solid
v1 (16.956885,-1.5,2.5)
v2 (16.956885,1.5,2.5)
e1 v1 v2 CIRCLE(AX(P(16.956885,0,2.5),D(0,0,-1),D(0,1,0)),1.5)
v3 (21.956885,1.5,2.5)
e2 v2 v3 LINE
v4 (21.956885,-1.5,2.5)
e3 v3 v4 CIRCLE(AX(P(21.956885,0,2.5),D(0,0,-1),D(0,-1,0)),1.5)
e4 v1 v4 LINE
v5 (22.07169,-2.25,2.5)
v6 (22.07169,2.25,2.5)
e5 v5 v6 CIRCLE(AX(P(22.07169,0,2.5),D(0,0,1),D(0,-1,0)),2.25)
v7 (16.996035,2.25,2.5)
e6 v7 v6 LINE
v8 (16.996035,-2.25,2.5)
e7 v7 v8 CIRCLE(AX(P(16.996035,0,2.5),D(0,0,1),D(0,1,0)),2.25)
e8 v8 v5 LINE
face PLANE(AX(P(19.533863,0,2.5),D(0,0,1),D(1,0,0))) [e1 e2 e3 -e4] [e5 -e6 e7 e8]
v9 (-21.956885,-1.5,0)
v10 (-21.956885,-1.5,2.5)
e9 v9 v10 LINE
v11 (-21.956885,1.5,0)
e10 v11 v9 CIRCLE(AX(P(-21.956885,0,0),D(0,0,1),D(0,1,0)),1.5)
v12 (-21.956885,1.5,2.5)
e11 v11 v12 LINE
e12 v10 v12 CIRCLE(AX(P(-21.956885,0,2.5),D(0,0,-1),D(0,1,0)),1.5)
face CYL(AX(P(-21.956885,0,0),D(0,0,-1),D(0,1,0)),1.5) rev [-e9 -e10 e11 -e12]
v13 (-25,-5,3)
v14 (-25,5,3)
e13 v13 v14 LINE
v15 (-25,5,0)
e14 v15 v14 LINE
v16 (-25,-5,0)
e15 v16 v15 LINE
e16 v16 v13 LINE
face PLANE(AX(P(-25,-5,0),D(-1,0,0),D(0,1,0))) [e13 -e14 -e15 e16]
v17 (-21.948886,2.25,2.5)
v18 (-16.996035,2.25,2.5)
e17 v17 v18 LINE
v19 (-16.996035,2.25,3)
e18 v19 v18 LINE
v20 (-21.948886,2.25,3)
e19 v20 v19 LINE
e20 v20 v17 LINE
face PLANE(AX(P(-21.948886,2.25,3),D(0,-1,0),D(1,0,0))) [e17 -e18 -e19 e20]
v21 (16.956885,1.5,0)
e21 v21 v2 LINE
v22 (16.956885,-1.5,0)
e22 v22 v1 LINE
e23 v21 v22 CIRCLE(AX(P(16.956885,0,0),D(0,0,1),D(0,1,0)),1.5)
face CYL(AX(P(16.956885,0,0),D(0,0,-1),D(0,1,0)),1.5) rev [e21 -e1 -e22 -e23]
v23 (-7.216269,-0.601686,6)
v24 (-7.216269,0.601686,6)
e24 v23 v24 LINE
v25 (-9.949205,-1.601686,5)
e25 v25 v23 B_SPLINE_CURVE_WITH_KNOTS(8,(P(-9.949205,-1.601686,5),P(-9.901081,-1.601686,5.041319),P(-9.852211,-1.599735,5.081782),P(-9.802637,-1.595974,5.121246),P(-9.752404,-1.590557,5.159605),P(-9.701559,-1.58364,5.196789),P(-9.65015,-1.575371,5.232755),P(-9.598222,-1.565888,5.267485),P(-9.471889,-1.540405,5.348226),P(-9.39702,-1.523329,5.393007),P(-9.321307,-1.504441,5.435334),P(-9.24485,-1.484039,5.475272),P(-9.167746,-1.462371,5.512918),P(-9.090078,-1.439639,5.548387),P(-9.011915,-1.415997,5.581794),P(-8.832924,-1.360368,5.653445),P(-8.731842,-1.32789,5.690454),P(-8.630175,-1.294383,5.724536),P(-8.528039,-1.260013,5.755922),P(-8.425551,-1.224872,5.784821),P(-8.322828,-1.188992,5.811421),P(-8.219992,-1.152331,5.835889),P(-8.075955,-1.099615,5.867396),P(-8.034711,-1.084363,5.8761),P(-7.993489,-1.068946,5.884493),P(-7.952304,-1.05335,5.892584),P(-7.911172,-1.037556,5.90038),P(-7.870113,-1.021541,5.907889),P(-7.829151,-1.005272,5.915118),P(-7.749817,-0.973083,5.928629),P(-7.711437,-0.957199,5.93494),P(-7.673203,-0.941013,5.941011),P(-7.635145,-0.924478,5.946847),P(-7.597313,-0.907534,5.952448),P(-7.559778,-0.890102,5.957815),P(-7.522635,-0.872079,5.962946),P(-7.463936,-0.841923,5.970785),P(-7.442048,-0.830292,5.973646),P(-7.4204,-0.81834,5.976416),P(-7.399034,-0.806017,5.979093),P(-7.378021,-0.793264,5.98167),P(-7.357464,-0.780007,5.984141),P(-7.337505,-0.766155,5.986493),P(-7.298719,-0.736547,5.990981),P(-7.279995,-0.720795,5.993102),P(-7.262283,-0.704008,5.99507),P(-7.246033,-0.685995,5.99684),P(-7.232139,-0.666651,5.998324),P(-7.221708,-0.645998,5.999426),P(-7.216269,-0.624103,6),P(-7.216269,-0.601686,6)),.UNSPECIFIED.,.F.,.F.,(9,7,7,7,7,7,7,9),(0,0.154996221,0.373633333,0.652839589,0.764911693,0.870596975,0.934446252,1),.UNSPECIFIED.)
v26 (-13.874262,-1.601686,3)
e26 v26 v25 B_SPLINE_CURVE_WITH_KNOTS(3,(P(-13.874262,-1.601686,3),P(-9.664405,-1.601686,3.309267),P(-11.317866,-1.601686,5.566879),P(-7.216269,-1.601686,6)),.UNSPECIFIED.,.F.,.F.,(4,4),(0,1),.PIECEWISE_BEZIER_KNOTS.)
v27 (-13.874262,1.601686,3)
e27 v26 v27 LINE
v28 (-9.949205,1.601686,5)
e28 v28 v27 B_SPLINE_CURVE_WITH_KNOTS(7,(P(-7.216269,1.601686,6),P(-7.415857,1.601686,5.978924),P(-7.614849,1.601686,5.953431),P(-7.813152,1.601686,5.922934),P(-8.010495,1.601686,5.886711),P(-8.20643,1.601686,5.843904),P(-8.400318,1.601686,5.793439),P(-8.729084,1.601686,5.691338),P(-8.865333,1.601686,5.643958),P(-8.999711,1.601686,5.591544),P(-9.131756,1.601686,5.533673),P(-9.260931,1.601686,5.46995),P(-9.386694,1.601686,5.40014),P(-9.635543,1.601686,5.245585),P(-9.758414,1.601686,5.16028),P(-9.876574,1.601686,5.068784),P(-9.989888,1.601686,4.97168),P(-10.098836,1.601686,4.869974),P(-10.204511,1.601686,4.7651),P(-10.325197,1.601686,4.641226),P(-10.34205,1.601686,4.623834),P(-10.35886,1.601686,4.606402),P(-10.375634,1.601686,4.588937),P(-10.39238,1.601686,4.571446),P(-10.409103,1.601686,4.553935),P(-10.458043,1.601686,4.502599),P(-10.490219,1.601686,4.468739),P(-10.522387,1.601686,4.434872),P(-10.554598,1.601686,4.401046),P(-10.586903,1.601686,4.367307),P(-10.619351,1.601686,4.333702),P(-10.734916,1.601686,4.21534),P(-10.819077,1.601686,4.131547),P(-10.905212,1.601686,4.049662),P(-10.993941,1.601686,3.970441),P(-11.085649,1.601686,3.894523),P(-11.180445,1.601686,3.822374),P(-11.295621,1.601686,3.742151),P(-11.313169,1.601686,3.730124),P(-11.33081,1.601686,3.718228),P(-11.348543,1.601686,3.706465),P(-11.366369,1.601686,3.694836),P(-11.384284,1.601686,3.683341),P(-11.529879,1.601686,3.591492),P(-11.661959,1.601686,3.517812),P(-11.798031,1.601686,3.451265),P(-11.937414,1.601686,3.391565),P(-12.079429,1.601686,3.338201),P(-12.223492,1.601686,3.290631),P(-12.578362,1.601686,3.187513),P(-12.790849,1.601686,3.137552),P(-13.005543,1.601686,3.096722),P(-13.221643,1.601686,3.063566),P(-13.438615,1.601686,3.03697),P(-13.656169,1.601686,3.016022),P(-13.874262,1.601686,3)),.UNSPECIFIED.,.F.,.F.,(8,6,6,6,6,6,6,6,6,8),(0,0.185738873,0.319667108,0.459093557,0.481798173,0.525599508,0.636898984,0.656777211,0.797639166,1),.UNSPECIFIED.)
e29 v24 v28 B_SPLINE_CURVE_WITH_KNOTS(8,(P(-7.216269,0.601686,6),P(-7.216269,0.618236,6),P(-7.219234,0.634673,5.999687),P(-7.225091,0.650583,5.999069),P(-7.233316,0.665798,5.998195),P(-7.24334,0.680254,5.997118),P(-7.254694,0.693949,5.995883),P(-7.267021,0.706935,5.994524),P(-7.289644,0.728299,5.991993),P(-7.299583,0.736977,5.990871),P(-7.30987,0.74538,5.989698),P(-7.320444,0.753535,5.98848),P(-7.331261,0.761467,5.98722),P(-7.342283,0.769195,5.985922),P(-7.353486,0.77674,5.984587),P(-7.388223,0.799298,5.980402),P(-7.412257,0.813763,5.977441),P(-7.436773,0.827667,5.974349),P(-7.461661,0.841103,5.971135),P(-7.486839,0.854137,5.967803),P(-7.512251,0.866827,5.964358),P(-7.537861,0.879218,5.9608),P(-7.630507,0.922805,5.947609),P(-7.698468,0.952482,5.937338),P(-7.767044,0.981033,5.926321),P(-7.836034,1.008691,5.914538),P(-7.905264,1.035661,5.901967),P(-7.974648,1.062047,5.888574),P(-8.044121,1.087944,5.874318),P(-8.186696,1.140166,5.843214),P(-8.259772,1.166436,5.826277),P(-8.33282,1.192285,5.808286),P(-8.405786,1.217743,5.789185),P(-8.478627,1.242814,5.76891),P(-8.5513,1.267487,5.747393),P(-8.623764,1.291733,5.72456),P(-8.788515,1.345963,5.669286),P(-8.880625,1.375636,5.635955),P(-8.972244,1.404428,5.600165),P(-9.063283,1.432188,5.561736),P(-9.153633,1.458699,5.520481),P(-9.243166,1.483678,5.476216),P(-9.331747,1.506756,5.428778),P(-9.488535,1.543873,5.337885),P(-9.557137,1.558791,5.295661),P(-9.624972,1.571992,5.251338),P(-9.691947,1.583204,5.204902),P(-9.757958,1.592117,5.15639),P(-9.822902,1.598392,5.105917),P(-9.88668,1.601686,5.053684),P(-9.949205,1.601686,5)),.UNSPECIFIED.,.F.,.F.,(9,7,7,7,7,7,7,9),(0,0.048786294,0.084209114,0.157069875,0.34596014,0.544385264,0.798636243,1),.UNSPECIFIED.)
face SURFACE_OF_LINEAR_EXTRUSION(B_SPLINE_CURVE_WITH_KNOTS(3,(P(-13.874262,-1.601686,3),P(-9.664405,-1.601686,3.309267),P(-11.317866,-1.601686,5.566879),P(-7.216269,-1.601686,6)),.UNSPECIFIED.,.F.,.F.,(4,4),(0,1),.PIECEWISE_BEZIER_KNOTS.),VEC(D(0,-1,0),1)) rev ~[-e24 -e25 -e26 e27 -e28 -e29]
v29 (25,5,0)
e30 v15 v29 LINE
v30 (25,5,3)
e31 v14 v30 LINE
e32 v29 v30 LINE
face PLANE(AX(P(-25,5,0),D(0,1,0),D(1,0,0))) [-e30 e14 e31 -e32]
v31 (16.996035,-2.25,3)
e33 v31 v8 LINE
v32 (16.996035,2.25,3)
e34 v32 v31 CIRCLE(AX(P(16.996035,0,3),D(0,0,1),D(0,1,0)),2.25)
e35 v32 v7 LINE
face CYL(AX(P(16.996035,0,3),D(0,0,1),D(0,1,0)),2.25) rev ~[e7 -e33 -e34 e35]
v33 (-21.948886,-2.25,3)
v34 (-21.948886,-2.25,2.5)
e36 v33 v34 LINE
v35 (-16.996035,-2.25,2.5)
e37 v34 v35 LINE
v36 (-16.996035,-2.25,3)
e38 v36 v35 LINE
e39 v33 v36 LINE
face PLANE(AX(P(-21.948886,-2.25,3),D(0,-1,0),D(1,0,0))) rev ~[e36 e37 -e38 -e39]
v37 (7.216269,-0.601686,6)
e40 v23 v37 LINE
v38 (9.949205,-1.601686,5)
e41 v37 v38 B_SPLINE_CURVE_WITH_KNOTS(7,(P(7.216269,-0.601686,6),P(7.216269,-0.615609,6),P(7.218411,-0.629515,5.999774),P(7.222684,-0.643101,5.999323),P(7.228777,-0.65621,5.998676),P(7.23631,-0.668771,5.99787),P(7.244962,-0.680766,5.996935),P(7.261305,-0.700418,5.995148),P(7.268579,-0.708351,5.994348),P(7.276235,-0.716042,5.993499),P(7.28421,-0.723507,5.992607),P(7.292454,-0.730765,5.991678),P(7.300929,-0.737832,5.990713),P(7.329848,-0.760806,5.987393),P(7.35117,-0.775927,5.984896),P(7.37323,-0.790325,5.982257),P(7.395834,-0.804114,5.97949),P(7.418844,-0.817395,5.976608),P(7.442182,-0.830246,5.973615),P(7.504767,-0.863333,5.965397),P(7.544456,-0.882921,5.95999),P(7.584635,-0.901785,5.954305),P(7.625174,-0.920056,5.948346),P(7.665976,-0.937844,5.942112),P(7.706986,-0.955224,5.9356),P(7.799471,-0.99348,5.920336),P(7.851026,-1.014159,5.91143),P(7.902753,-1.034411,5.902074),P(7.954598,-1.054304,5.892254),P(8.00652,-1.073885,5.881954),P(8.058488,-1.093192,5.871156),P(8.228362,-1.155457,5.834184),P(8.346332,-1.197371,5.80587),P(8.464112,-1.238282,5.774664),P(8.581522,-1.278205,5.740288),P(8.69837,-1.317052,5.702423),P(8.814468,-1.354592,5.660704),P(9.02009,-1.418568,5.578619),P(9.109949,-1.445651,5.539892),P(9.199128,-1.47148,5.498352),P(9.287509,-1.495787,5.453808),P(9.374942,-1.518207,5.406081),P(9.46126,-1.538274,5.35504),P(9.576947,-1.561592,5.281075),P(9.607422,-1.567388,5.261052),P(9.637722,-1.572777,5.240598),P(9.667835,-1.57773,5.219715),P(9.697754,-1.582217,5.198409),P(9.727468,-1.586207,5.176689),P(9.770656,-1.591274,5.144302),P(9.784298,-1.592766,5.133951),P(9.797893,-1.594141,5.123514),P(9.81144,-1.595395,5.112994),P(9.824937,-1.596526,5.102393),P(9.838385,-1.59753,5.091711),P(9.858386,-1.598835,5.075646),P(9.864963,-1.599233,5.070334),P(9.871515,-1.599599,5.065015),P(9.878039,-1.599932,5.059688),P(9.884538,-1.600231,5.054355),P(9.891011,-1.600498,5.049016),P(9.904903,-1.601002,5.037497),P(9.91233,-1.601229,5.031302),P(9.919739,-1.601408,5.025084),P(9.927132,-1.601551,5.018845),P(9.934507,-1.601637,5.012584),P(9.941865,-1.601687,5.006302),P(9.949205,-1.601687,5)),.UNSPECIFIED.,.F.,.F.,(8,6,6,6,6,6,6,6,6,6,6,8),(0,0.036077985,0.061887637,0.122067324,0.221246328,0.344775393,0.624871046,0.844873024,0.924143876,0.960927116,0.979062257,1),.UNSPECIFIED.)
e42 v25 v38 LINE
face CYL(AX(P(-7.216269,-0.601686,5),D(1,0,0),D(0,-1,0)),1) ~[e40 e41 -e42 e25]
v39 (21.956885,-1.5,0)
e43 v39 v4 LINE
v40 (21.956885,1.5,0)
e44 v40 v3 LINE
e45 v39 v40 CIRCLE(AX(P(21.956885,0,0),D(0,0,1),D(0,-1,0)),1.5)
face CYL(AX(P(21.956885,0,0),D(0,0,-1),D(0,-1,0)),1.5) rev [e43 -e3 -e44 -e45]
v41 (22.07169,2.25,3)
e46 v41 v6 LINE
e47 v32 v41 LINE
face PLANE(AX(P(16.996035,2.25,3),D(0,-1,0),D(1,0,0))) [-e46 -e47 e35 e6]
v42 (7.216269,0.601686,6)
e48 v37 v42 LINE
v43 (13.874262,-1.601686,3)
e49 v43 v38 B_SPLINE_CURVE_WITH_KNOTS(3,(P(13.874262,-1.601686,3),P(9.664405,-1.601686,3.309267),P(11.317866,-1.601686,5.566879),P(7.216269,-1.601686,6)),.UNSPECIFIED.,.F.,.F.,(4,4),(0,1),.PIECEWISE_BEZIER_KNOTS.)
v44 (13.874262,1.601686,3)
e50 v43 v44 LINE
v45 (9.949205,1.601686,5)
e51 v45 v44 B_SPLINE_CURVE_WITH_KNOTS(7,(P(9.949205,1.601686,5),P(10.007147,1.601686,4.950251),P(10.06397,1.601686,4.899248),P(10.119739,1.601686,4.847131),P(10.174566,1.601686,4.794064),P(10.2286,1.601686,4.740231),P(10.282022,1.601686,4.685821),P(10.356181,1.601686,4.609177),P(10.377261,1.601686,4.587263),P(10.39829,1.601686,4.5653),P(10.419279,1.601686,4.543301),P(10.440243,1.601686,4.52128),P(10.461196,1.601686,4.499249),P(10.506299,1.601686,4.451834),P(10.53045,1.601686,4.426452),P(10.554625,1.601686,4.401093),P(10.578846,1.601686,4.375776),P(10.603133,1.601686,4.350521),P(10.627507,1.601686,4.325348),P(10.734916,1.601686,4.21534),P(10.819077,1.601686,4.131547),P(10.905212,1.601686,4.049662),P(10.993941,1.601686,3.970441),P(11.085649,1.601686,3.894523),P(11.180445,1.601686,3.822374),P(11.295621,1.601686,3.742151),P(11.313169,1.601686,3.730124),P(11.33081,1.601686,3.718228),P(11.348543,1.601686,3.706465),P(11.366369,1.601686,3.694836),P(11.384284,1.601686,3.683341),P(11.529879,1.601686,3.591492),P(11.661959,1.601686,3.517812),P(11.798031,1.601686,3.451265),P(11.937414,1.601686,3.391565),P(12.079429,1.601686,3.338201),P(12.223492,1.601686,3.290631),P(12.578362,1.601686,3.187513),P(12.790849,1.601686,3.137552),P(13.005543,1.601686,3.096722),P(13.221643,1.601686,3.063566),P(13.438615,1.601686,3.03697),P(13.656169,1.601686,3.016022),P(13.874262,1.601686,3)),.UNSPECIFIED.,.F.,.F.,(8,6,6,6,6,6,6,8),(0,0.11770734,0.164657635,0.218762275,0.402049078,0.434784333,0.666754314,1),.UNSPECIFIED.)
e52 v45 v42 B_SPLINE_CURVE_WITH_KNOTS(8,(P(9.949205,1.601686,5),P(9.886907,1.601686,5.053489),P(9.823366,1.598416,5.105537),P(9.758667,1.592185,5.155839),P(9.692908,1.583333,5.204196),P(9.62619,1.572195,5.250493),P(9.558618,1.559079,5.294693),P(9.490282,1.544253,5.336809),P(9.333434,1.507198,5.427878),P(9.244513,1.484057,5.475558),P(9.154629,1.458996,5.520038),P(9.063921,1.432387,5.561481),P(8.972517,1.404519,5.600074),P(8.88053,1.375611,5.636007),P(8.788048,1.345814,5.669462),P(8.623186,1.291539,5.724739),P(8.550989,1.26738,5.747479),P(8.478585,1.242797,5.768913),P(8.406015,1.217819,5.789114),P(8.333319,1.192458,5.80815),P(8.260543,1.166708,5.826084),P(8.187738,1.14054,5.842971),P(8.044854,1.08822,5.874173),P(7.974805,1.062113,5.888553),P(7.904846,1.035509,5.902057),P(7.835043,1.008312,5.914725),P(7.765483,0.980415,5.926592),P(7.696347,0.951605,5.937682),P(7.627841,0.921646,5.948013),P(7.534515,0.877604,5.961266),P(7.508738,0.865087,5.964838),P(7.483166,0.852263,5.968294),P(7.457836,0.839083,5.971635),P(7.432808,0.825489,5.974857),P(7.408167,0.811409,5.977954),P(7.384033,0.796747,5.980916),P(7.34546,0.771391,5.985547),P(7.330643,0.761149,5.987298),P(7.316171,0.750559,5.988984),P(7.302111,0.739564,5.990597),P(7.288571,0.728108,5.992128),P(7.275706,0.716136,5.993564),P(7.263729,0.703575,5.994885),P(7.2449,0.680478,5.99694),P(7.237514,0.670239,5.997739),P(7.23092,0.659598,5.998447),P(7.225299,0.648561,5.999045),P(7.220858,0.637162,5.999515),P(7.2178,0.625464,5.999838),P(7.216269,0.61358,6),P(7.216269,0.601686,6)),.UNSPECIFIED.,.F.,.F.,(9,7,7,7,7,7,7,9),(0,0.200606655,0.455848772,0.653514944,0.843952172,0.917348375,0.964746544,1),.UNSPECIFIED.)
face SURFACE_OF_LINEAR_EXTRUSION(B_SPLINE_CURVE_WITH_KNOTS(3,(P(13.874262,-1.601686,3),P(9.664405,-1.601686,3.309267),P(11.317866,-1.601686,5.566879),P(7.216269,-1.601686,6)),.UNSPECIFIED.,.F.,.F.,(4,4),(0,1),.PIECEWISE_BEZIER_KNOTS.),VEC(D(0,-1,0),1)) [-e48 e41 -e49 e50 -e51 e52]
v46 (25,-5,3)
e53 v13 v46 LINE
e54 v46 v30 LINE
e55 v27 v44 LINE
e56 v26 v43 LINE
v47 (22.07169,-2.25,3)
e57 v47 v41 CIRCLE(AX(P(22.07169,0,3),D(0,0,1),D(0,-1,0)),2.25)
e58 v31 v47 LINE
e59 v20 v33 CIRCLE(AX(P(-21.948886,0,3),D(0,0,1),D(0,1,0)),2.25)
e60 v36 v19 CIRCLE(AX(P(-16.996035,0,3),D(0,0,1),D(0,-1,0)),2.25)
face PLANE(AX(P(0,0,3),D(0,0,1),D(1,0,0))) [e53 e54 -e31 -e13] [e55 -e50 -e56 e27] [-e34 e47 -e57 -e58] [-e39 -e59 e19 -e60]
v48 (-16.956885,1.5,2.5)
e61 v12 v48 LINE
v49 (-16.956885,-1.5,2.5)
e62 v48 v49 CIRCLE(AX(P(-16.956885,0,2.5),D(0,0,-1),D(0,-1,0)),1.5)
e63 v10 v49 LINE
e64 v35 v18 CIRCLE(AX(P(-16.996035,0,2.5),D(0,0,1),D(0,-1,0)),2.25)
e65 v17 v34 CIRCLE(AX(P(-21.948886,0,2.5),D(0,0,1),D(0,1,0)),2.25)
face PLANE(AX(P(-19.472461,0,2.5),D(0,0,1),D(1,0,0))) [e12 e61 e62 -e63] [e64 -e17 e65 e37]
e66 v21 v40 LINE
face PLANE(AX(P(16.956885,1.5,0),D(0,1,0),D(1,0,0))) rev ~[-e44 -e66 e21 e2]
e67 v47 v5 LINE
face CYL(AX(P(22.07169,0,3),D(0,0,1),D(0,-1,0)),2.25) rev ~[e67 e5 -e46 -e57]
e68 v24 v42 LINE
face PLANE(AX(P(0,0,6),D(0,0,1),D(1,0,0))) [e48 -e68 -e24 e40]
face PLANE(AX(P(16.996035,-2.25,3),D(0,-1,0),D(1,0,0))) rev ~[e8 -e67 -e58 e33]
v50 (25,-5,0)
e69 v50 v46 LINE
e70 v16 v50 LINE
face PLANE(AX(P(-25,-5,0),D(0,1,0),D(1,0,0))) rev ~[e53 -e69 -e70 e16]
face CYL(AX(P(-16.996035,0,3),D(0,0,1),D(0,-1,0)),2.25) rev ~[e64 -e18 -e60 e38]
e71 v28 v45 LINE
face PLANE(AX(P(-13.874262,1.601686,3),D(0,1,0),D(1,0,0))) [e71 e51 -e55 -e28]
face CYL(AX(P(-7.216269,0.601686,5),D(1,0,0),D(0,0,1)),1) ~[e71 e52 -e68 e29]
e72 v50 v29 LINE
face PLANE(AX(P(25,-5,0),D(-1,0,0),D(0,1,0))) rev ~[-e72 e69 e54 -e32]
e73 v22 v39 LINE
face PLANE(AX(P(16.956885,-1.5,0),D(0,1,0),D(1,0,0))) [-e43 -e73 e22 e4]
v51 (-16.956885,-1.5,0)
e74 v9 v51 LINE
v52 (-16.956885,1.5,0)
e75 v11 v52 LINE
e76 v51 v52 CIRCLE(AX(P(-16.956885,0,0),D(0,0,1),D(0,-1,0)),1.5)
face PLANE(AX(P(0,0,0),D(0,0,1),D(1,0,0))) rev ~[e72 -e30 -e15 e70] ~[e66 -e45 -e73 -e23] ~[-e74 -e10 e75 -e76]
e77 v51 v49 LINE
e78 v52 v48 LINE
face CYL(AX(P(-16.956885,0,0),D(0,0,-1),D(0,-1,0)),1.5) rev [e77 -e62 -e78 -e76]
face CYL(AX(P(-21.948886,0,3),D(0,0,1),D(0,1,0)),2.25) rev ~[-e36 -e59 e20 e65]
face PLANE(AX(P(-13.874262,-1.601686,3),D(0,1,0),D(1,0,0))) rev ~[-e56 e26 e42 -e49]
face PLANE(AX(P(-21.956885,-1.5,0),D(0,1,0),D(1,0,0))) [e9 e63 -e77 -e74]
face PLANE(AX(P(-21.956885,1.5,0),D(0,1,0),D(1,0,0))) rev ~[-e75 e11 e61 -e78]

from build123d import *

# Parameters (mm, degrees)
SKETCH_W        = 50
SKETCH_H        = 10
PAD_DEPTH       = 3
SKETCH001_W     = 27.748524
SKETCH001_H     = 3.203372
PAD001_DEPTH    = 3
POCKET_DEPTH    = 3.5
FILLET_R        = 1
FILLET001_R     = 1
POCKET001_DEPTH = 0.5


with BuildPart() as part:
    # Sketch → Pad (new body)
    with BuildSketch(Plane.XY):
        Rectangle(SKETCH_W, SKETCH_H)
        with BuildLine():
            ThreePointArc((-21.956885, 1.5), (-23.456885, 0), (-21.956885, -1.5))
            Line((-21.956885, -1.5), (-16.956885, -1.5))
            ThreePointArc((-16.956885, -1.5), (-15.456885, 0), (-16.956885, 1.5))
            Line((-21.956885, 1.5), (-16.956885, 1.5))
        make_face(mode=Mode.SUBTRACT)
        with BuildLine():
            Line((16.956885, 1.5), (21.956885, 1.5))
            ThreePointArc((21.956885, -1.5), (23.456885, 0), (21.956885, 1.5))
            Line((16.956885, -1.5), (21.956885, -1.5))
            ThreePointArc((16.956885, 1.5), (15.456885, 0), (16.956885, -1.5))
        make_face(mode=Mode.SUBTRACT)
    extrude(amount=PAD_DEPTH)

    # Sketch001 (on DatumPlane) → Pad001 (join)
    with BuildSketch(Plane.XY.offset(3)):
        Rectangle(SKETCH001_W, SKETCH001_H)
    extrude(amount=PAD001_DEPTH)

    # Sketch002 (on DatumPlane) → Pocket (cut)
    with BuildSketch(Plane.XZ.offset(1.601686)):
        with BuildLine():
            add(Edge.make_bspline(
                [(-13.874262, 3), (-9.664405, 3.309267), (-11.317866, 5.566879), (-7.216269, 6)],
                knots=[0, 0, 0, 0, 1, 1, 1, 1], degree=3))
            Line((-7.216269, 6), (-7.216269, 6.383823))
            Line((-7.216269, 6.383823), (-14.222651, 6.336395))
            Line((-14.222651, 6.336395), (-14.222651, 3.364603))
            Line((-14.222651, 3.364603), (-13.874262, 3))
        make_face()
    pocket = extrude(amount=-POCKET_DEPTH, mode=Mode.SUBTRACT)

    # Fillet
    fillet_edges = [part.edges().sort_by_distance(p)[0] for p in [
        (3.328997, -1.601686, 6),
    ]]
    fillet(fillet_edges, radius=FILLET_R)

    # Fillet001
    fillet001_edges = [part.edges().sort_by_distance(p)[0] for p in [
        (3.328997, 1.601686, 6),
    ]]
    fillet(fillet001_edges, radius=FILLET001_R)

    # Mirrored: Pocket across Sketch002 V_Axis
    add(pocket.mirror(Plane(origin=(0, -1.601686, 0), x_dir=(0, -1, 0), z_dir=(1, 0, 0))), mode=Mode.SUBTRACT)

    # Sketch003 (on DatumPlane) → Pocket001 (cut)
    with BuildSketch(Plane.XY.offset(3)):
        with BuildLine():
            ThreePointArc((-21.948886, 2.25), (-24.198886, 0), (-21.948886, -2.25))
            Line((-21.948886, -2.25), (-16.996035, -2.25))
            ThreePointArc((-16.996035, -2.25), (-14.746035, 0), (-16.996035, 2.25))
            Line((-21.948886, 2.25), (-16.996035, 2.25))
        make_face()
        with BuildLine():
            ThreePointArc((16.996035, 2.25), (14.746035, 0), (16.996035, -2.25))
            Line((16.996035, -2.25), (22.07169, -2.25))
            ThreePointArc((22.07169, -2.25), (24.32169, 0), (22.07169, 2.25))
            Line((16.996035, 2.25), (22.07169, 2.25))
        make_face()
    extrude(amount=-POCKET001_DEPTH, mode=Mode.SUBTRACT)


solid = part.part
